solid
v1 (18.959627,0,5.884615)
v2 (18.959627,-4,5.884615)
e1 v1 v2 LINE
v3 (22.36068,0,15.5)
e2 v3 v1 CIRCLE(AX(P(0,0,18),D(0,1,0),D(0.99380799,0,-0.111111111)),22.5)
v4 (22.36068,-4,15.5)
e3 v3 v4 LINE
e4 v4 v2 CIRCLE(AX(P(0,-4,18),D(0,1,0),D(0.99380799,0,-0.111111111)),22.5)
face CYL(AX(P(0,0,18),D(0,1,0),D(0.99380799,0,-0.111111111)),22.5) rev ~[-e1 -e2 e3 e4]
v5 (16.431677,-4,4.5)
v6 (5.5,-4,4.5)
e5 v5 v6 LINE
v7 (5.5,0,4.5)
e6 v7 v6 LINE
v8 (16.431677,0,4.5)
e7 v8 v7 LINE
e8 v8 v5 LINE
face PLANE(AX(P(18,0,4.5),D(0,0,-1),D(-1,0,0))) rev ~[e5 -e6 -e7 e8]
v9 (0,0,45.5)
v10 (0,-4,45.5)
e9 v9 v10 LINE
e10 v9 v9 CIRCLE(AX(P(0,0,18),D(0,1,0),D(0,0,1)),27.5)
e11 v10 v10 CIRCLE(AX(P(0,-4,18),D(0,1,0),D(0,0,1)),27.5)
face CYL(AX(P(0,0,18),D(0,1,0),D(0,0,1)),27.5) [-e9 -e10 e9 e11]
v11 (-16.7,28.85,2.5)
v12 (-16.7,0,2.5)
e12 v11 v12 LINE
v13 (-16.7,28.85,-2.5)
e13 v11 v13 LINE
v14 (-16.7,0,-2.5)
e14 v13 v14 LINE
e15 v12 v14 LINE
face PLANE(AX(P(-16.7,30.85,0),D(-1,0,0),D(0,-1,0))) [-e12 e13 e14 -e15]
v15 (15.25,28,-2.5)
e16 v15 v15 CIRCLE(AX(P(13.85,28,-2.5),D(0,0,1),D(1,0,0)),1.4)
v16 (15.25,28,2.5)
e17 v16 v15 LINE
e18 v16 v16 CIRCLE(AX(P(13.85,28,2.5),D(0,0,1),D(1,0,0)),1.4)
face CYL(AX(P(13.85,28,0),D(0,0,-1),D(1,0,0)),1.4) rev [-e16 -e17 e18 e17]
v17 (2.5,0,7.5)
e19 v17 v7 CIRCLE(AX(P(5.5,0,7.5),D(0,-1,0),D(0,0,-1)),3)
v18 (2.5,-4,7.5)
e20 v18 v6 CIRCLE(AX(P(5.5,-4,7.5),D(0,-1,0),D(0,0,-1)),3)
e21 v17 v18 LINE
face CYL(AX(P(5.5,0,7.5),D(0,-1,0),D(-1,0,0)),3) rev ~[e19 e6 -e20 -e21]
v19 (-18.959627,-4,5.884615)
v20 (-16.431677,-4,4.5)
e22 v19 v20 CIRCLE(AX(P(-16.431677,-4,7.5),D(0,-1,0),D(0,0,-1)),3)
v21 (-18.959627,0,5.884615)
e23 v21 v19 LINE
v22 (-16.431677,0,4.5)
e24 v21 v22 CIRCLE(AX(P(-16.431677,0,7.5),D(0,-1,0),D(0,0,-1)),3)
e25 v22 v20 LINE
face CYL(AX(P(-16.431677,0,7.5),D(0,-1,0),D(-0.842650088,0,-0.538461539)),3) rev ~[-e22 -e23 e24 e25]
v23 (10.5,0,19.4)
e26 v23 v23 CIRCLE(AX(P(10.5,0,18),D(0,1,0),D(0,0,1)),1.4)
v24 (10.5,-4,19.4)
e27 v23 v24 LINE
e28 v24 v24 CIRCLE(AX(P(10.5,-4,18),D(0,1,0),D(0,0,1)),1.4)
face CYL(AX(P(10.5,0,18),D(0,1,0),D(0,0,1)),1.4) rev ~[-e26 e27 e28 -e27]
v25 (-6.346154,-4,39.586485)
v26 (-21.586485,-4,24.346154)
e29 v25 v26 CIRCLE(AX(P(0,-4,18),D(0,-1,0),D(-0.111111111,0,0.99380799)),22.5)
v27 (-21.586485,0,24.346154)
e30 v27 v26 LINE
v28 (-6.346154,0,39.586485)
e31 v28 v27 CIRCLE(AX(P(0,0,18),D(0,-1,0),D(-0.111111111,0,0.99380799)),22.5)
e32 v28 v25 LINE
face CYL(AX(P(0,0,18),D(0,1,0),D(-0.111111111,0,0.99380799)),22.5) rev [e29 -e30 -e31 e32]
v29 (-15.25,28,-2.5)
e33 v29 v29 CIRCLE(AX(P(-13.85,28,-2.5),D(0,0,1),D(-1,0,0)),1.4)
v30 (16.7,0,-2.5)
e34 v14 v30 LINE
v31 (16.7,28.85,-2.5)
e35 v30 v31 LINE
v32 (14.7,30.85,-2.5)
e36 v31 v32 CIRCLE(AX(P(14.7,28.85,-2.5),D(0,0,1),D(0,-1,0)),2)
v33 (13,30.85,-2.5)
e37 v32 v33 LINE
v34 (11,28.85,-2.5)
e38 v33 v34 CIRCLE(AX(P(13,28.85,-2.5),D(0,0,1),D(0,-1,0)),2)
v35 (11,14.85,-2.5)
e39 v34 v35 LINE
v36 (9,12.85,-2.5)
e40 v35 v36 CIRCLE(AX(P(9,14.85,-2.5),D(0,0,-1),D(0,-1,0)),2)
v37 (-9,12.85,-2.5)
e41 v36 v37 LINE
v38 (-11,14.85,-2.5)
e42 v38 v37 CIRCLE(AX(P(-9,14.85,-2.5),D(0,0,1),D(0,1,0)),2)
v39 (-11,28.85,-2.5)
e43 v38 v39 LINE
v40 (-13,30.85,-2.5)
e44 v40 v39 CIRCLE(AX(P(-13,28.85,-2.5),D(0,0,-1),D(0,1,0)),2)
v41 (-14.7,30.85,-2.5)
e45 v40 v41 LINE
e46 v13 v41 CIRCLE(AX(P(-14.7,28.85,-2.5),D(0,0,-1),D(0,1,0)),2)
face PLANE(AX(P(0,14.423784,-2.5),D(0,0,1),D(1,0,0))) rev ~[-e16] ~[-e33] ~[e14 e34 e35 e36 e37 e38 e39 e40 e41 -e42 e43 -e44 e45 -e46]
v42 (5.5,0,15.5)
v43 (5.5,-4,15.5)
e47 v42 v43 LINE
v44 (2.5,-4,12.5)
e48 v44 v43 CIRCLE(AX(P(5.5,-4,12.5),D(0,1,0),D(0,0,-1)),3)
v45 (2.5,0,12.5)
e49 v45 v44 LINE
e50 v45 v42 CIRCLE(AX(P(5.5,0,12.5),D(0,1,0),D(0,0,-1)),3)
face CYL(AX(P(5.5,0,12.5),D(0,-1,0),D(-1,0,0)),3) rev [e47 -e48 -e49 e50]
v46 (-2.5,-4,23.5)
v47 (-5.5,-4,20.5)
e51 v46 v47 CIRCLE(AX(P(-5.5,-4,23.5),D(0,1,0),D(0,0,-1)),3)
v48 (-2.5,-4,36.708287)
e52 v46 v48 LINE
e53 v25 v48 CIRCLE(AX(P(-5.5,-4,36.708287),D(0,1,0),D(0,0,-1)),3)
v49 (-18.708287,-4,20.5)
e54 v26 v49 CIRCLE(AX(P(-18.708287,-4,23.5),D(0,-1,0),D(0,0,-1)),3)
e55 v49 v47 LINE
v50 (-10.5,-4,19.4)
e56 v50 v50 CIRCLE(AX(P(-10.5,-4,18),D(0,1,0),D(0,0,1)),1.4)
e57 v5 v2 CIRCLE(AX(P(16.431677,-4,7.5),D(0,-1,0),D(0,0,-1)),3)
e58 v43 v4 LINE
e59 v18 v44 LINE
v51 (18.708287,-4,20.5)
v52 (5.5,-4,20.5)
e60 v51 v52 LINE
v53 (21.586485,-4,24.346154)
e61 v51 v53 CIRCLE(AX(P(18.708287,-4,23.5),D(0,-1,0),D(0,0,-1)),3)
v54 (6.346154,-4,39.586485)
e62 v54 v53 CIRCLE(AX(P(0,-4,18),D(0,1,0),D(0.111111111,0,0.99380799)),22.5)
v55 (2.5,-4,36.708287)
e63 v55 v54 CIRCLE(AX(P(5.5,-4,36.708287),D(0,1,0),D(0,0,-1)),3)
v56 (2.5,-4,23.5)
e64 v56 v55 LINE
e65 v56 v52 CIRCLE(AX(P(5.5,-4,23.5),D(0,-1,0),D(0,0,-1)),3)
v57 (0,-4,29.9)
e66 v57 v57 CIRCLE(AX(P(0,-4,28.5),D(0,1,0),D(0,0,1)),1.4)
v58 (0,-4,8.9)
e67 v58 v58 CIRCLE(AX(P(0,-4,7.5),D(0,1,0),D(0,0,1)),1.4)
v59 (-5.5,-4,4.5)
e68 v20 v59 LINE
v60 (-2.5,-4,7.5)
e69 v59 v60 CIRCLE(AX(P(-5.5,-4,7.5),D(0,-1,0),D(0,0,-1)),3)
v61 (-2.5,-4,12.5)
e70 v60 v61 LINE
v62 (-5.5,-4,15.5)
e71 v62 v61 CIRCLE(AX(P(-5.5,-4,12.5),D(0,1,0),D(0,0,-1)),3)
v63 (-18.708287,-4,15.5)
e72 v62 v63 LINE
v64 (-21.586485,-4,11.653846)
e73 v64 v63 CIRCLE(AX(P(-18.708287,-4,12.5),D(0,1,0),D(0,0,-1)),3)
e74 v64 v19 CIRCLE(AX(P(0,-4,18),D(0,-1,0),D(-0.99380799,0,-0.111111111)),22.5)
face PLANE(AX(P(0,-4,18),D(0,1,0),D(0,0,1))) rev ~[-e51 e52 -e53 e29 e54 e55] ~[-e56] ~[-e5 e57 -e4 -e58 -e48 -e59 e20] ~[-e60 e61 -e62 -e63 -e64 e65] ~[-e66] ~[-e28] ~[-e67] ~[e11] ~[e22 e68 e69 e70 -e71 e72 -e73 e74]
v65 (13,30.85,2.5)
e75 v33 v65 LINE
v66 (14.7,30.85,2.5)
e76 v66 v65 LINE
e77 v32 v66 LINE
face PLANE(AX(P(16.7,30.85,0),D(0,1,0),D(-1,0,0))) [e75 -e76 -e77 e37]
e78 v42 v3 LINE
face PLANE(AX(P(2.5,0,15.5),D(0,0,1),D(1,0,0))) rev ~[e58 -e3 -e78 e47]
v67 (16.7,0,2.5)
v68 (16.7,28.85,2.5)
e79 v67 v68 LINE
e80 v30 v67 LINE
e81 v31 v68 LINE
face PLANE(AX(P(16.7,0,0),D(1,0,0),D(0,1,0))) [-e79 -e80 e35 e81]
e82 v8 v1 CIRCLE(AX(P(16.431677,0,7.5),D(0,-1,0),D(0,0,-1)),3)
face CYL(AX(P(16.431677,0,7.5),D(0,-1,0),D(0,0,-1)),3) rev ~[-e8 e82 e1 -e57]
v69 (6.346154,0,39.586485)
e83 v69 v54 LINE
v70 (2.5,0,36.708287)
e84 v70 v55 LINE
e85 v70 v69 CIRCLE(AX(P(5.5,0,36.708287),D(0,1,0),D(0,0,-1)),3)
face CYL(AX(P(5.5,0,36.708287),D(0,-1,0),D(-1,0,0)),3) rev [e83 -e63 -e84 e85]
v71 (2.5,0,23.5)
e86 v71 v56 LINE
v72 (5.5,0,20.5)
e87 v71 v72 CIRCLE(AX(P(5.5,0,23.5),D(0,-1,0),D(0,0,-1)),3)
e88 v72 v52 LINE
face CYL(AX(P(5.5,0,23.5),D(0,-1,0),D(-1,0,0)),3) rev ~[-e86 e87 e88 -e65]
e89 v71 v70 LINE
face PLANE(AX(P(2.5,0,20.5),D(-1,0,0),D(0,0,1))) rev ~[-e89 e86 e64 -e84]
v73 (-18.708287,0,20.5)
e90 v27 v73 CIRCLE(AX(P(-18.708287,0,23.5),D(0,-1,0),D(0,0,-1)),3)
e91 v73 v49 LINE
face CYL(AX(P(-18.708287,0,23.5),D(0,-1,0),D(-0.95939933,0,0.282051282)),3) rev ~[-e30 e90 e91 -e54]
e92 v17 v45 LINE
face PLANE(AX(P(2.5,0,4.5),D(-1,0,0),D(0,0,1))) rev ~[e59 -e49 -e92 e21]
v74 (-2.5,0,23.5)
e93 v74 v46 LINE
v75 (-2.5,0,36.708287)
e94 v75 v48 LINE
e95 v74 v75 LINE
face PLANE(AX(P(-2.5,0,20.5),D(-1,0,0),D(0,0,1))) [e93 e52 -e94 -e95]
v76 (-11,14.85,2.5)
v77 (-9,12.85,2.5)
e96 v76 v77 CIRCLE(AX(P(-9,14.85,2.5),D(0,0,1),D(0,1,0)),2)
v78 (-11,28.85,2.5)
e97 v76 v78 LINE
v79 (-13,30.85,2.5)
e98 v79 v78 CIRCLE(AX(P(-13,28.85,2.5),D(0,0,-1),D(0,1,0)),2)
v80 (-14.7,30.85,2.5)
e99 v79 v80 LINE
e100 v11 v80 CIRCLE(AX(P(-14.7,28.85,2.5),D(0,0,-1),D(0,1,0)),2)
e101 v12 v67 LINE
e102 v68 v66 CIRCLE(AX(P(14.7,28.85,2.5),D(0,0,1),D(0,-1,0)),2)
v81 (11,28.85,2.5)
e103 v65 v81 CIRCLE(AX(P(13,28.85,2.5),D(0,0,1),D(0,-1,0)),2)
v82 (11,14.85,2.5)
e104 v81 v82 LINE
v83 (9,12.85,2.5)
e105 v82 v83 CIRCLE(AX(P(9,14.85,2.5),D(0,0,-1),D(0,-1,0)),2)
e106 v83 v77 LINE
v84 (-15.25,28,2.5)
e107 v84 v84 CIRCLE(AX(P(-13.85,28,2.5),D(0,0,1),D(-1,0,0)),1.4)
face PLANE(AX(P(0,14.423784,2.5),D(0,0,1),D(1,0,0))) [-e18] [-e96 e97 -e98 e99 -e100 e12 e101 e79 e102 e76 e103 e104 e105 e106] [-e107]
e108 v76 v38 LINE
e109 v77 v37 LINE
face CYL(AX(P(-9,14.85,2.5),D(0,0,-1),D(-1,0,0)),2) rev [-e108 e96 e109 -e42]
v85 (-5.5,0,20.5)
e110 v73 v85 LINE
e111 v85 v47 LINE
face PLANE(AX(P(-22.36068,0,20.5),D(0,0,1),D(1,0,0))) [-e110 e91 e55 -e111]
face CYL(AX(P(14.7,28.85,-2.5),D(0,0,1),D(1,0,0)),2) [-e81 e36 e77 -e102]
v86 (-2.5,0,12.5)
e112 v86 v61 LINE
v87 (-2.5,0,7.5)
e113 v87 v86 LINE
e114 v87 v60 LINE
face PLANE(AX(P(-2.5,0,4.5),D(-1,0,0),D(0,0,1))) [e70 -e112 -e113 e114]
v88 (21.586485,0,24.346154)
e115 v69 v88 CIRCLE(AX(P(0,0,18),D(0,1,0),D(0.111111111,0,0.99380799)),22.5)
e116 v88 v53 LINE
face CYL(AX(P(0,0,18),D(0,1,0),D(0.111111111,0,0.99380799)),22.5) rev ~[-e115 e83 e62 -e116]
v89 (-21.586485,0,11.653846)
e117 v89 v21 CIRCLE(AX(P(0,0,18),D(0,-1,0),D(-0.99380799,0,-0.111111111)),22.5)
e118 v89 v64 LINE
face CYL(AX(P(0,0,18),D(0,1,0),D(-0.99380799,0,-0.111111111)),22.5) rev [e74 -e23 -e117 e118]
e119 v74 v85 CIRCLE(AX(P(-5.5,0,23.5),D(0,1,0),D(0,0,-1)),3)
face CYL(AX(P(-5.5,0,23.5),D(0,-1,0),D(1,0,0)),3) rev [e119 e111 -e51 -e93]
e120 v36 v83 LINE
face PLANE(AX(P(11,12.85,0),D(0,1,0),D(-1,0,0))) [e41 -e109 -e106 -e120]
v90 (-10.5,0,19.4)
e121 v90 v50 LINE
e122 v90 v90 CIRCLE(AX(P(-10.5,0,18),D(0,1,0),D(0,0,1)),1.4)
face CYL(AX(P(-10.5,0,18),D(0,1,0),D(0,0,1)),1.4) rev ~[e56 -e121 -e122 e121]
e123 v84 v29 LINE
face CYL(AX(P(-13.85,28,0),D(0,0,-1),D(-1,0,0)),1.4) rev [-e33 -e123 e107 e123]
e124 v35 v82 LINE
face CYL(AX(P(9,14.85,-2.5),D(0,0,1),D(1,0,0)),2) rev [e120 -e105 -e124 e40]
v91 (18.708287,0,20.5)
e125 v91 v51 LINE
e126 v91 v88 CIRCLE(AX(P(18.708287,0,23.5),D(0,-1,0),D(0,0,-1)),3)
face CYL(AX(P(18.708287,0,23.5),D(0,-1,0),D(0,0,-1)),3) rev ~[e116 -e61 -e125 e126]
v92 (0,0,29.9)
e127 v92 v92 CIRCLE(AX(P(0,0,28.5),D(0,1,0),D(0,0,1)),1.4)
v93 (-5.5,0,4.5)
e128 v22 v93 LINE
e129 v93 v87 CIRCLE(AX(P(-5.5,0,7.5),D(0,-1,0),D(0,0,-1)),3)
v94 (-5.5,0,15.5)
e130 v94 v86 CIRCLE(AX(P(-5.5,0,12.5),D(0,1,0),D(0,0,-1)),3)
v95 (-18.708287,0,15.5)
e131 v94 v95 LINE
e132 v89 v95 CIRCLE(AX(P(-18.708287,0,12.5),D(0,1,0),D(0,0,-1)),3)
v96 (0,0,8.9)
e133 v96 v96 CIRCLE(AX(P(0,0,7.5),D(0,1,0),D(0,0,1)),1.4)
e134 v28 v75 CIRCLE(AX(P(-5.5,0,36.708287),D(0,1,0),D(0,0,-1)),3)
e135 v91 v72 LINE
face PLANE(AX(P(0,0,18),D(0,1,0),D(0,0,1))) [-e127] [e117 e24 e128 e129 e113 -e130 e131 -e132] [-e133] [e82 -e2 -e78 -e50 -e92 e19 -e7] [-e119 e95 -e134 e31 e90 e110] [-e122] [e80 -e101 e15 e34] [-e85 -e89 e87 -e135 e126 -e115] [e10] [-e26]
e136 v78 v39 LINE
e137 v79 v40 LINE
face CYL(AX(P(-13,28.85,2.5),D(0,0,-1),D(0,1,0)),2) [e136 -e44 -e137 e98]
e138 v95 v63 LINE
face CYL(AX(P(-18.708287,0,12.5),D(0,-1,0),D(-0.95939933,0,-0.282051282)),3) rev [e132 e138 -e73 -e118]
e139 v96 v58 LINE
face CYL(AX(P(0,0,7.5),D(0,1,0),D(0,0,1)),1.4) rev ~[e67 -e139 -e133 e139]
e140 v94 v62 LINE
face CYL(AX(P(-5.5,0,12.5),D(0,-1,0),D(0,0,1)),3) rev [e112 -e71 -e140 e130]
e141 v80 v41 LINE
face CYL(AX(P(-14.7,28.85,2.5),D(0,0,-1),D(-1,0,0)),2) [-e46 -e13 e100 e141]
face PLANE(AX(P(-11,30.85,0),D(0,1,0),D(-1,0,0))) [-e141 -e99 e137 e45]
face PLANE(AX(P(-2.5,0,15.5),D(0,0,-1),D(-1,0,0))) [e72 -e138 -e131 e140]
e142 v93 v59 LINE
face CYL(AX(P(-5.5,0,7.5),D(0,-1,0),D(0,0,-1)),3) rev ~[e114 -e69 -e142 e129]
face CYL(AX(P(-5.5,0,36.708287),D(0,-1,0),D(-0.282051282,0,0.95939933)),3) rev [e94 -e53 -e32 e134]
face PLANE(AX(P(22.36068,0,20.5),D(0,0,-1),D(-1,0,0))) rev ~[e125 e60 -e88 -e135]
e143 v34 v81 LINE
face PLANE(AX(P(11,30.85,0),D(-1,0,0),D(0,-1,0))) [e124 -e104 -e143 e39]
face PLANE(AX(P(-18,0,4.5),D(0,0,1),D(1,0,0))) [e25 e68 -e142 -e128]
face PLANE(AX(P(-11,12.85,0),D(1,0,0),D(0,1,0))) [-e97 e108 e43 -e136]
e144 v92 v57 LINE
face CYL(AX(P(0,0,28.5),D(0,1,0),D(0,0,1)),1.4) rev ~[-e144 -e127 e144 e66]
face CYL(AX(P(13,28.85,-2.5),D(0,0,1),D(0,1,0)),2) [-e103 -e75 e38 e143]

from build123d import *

# Parameters (mm, degrees)
SKETCH1_R           = 1.4
BOSS_EXTRUDE1_DEPTH = 2.5
SKETCH2_R           = 27.5
SKETCH2_R_2         = 1.4
BOSS_EXTRUDE2_DEPTH = 4
FILLET1_R           = 3
FILLET2_R           = 2


with BuildPart() as part:
    # Sketch1 → Boss-Extrude1 (new, symmetric)
    with BuildSketch(Plane.XY):
        Polygon((-16.7, 0), (16.7, 0), (16.7, 30.85), (11, 30.85), (11, 12.85), (-11, 12.85), (-11, 30.85), (-16.7, 30.85), align=None)
        with Locations((13.85, 28)):
            Circle(SKETCH1_R, mode=Mode.SUBTRACT)
        with Locations(Location((-13.85, 28, 0), (0, 0, 180))):
            Circle(SKETCH1_R, mode=Mode.SUBTRACT)
    extrude(amount=BOSS_EXTRUDE1_DEPTH, both=True)

    # Sketch2 → Boss-Extrude2 (add)
    with BuildSketch(Plane(origin=(0, 0, 0), x_dir=(1, 0, 0), z_dir=(0, 1, 0))):
        with Locations(Location((0, -18, 0), (0, 0, 270))):
            Circle(SKETCH2_R)
        with Locations(Location((0, -7.5, 0), (0, 0, 270))):
            Circle(SKETCH2_R_2, mode=Mode.SUBTRACT)
        with Locations(Location((10.5, -18, 0), (0, 0, 270))):
            Circle(SKETCH2_R_2, mode=Mode.SUBTRACT)
        with Locations(Location((0, -28.5, 0), (0, 0, 270))):
            Circle(SKETCH2_R_2, mode=Mode.SUBTRACT)
        with Locations(Location((-10.5, -18, 0), (0, 0, 270))):
            Circle(SKETCH2_R_2, mode=Mode.SUBTRACT)
        with BuildLine():
            Line((-18, -4.5), (-2.5, -4.5))
            Line((-2.5, -4.5), (-2.5, -15.5))
            Line((-2.5, -15.5), (-22.360679775, -15.5))
            ThreePointArc((-22.360679775, -15.5), (-20.916407865, -9.708203932), (-18, -4.5))
        make_face(mode=Mode.SUBTRACT)
        with BuildLine():
            Line((2.5, -4.5), (2.5, -15.5))
            Line((2.5, -15.5), (22.360679775, -15.5))
            ThreePointArc((22.360679775, -15.5), (20.916407865, -9.708203932), (18, -4.5))
            Line((18, -4.5), (2.5, -4.5))
        make_face(mode=Mode.SUBTRACT)
        with BuildLine():
            Line((-22.360679775, -20.5), (-2.5, -20.5))
            Line((-2.5, -20.5), (-2.5, -40.360679775))
            ThreePointArc((-2.5, -40.360679775), (-15.909902577, -33.909902577), (-22.360679775, -20.5))
        make_face(mode=Mode.SUBTRACT)
        with BuildLine():
            Line((2.5, -20.5), (2.5, -40.360679775))
            ThreePointArc((2.5, -40.360679775), (15.909902577, -33.909902577), (22.360679775, -20.5))
            Line((22.360679775, -20.5), (2.5, -20.5))
        make_face(mode=Mode.SUBTRACT)
    extrude(amount=-BOSS_EXTRUDE2_DEPTH)

    # Fillet1
    fillet1_edges = [part.edges().sort_by_distance(p)[0] for p in [
        (-18, -2, 4.5),
        (-22.360679775, -2, 15.5),
        (-2.5, -2, 15.5),
        (-22.360679775, -2, 20.5),
        (-2.5, -2, 40.360679775),
        (18, -2, 4.5),
        (2.5, -2, 4.5),
        (2.5, -2, 40.360679775),
        (22.360679775, -2, 20.5),
        (-2.5, -2, 4.5),
        (-2.5, -2, 20.5),
        (2.5, -2, 15.5),
        (2.5, -2, 20.5),
    ]]
    fillet(fillet1_edges, radius=FILLET1_R)

    # Fillet2
    fillet2_edges = [part.edges().sort_by_distance(p)[0] for p in [
        (-16.7, 30.85, 0),
        (-11, 30.85, 0),
        (-11, 12.85, 0),
        (11, 12.85, 0),
        (11, 30.85, 0),
        (16.7, 30.85, 0),
    ]]
    fillet(fillet2_edges, radius=FILLET2_R)


solid = part.part
